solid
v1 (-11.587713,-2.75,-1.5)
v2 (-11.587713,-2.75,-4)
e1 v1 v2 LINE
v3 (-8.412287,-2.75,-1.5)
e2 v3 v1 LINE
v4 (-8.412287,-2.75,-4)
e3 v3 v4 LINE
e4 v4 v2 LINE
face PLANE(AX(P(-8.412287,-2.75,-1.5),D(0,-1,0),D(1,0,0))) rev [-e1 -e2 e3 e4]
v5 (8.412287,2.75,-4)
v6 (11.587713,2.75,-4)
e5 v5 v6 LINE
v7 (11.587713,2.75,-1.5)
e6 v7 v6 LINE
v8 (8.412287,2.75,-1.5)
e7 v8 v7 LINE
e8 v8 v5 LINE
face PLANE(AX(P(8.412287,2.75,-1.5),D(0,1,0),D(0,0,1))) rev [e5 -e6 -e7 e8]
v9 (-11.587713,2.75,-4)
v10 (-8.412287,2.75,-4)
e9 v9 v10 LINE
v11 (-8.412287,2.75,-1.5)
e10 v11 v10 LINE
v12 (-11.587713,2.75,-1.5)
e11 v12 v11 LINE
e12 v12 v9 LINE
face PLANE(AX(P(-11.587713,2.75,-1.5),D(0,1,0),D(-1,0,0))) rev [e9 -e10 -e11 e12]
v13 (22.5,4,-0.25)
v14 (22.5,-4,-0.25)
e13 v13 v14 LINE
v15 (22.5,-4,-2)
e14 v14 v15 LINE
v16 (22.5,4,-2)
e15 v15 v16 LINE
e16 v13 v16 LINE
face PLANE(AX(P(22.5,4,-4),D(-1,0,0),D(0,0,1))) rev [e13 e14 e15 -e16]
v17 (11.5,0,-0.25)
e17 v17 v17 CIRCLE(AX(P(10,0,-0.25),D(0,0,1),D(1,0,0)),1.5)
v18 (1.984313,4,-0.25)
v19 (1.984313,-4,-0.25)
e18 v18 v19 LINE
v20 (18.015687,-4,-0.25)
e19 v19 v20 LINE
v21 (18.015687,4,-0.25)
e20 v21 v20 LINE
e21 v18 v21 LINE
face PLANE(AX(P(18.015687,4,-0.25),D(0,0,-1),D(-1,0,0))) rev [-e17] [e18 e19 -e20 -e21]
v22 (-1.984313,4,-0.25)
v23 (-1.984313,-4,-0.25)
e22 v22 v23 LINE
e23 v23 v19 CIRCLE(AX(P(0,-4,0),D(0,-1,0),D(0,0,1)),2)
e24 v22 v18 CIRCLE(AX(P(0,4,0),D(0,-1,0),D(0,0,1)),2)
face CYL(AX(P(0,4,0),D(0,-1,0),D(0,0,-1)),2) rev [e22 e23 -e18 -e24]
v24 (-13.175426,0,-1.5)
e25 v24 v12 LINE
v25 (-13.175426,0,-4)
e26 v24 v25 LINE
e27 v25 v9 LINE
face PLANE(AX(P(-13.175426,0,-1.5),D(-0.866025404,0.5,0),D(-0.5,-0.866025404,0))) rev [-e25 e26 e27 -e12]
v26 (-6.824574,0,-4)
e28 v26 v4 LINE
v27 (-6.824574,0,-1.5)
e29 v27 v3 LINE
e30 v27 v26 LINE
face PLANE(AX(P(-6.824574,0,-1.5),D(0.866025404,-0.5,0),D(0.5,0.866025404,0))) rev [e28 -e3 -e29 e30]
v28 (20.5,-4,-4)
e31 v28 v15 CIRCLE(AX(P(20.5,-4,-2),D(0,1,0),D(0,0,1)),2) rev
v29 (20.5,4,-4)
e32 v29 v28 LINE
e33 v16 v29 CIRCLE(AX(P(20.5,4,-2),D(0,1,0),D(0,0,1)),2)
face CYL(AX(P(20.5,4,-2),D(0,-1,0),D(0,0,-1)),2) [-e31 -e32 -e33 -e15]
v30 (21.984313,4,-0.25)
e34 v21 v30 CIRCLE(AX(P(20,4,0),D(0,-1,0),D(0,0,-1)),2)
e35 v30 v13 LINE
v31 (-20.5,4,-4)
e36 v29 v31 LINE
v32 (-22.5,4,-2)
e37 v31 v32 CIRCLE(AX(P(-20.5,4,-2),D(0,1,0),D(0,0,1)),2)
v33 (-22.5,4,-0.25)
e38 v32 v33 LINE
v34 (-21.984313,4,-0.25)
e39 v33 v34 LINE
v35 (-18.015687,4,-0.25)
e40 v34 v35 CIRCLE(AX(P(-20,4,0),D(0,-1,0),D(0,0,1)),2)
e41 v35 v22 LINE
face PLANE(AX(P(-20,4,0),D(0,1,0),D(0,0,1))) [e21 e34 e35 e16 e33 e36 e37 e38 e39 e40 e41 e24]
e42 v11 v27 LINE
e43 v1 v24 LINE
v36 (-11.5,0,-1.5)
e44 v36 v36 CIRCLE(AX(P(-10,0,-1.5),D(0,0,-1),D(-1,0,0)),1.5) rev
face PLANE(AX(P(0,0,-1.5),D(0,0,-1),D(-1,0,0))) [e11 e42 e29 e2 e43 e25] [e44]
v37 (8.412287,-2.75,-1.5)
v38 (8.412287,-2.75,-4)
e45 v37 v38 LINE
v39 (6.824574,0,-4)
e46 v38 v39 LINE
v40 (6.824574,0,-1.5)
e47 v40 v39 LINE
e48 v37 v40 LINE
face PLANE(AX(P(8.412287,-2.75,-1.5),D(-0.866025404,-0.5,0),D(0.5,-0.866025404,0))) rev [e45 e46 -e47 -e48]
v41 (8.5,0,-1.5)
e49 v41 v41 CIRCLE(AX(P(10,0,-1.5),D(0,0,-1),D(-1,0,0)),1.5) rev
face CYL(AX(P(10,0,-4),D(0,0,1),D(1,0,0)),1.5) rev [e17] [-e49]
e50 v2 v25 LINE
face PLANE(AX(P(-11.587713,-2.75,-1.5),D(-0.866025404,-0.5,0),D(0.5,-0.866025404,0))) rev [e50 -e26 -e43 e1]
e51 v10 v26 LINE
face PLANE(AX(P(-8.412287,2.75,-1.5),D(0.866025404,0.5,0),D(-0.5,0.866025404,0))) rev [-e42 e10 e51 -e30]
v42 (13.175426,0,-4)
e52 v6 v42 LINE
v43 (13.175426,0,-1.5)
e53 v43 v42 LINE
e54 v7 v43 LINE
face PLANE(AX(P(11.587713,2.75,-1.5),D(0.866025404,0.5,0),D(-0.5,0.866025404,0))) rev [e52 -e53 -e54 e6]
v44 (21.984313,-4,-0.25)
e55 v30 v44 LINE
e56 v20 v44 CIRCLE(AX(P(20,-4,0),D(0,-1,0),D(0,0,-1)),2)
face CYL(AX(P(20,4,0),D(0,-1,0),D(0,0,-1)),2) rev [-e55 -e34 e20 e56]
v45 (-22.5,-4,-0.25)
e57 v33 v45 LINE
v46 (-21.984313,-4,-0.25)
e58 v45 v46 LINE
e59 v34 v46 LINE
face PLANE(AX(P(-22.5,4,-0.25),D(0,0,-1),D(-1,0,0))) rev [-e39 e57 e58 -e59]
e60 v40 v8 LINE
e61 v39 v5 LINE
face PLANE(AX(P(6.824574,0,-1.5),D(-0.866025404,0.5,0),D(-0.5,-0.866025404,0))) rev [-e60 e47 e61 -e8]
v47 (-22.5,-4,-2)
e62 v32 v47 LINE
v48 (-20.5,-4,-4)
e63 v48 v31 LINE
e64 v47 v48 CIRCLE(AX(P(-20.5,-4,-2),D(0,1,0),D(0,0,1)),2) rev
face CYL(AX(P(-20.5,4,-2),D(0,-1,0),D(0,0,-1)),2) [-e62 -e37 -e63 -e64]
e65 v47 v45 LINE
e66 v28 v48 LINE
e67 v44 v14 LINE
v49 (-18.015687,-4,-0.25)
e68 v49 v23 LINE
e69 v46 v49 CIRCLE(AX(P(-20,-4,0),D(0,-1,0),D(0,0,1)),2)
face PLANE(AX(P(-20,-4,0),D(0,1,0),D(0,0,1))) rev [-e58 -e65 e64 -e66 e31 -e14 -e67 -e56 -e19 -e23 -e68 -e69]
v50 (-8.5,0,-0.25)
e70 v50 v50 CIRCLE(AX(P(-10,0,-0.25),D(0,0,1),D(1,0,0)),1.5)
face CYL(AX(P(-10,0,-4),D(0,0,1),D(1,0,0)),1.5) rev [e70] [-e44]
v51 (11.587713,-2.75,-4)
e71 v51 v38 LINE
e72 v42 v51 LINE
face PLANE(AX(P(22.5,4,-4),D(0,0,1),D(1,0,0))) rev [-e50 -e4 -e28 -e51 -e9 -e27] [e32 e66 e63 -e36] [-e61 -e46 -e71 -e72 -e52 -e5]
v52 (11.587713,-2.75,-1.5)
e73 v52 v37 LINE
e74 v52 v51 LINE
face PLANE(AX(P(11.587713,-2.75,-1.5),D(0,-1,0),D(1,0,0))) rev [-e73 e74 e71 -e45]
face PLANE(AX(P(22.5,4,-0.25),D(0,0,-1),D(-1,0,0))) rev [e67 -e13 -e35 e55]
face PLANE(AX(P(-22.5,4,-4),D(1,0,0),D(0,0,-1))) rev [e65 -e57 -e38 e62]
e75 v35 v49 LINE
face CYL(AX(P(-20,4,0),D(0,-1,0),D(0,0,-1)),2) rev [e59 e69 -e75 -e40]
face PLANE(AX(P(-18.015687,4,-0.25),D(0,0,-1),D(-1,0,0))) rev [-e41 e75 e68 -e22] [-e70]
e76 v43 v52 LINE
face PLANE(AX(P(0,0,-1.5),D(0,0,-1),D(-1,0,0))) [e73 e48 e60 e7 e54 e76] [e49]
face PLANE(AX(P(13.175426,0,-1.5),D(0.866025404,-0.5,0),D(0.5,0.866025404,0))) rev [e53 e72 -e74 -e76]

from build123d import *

# Parameters (mm, degrees)
BOSS_EXTRU_1_DEPTH      = 4
CONG_1_R                = 2
ESQUISSE2_R             = 1.5
ENL_V_MAT_EXTRU_1_DEPTH = 24.158421794
ENL_V_MAT_EXTRU_2_DEPTH = 2.5


with BuildPart() as part:
    # Esquisse1 → Boss.-Extru.1 (new, symmetric)
    with BuildSketch(Plane(origin=(0, 0, 0), x_dir=(1, 0, 0), z_dir=(0, 1, 0))):
        with BuildLine():
            Line((22.5, 4), (-22.5, 4))
            Line((-22.5, 4), (-22.5, 0.25))
            Line((-22.5, 0.25), (-21.984313483, 0.25))
            ThreePointArc((-21.984313483, 0.25), (-20, 2), (-18.015686517, 0.25))
            Line((-18.015686517, 0.25), (-1.984313483, 0.25))
            ThreePointArc((-1.984313483, 0.25), (0, 2), (1.984313483, 0.25))
            Line((1.984313483, 0.25), (18.015686517, 0.25))
            ThreePointArc((18.015686517, 0.25), (20, 2), (21.984313483, 0.25))
            Line((21.984313483, 0.25), (22.5, 0.25))
            Line((22.5, 0.25), (22.5, 4))
        make_face()
    extrude(amount=BOSS_EXTRU_1_DEPTH, both=True)

    # Congé1
    cong_1_edges = [part.edges().sort_by_distance(p)[0] for p in [
        (-22.5, 0, -4),
        (22.5, 0, -4),
    ]]
    fillet(cong_1_edges, radius=CONG_1_R)

    # Esquisse2 → Enlèv. mat.-Extru.1 (cut, through all)
    with BuildSketch(Plane.XY.offset(-0.25)):
        with Locations((-10, 0)):
            Circle(ESQUISSE2_R)
        with Locations((10, 0)):
            Circle(ESQUISSE2_R)
    extrude(amount=-ENL_V_MAT_EXTRU_1_DEPTH, mode=Mode.SUBTRACT)

    # Esquisse3 → Enlèv. mat.-Extru.2 (cut)
    with BuildSketch(Plane(origin=(0, 0, -4), x_dir=(-1, 0, 0), z_dir=(0, 0, -1))):
        Polygon((-8.41228676, 2.75), (-11.58771324, 2.75), (-13.175426481, 0), (-11.58771324, -2.75), (-8.41228676, -2.75), (-6.824573519, 0), align=None)
        Polygon((11.58771324, 2.75), (8.41228676, 2.75), (6.824573519, 0), (8.41228676, -2.75), (11.58771324, -2.75), (13.175426481, 0), align=None)
    extrude(amount=-ENL_V_MAT_EXTRU_2_DEPTH, mode=Mode.SUBTRACT)


solid = part.part
